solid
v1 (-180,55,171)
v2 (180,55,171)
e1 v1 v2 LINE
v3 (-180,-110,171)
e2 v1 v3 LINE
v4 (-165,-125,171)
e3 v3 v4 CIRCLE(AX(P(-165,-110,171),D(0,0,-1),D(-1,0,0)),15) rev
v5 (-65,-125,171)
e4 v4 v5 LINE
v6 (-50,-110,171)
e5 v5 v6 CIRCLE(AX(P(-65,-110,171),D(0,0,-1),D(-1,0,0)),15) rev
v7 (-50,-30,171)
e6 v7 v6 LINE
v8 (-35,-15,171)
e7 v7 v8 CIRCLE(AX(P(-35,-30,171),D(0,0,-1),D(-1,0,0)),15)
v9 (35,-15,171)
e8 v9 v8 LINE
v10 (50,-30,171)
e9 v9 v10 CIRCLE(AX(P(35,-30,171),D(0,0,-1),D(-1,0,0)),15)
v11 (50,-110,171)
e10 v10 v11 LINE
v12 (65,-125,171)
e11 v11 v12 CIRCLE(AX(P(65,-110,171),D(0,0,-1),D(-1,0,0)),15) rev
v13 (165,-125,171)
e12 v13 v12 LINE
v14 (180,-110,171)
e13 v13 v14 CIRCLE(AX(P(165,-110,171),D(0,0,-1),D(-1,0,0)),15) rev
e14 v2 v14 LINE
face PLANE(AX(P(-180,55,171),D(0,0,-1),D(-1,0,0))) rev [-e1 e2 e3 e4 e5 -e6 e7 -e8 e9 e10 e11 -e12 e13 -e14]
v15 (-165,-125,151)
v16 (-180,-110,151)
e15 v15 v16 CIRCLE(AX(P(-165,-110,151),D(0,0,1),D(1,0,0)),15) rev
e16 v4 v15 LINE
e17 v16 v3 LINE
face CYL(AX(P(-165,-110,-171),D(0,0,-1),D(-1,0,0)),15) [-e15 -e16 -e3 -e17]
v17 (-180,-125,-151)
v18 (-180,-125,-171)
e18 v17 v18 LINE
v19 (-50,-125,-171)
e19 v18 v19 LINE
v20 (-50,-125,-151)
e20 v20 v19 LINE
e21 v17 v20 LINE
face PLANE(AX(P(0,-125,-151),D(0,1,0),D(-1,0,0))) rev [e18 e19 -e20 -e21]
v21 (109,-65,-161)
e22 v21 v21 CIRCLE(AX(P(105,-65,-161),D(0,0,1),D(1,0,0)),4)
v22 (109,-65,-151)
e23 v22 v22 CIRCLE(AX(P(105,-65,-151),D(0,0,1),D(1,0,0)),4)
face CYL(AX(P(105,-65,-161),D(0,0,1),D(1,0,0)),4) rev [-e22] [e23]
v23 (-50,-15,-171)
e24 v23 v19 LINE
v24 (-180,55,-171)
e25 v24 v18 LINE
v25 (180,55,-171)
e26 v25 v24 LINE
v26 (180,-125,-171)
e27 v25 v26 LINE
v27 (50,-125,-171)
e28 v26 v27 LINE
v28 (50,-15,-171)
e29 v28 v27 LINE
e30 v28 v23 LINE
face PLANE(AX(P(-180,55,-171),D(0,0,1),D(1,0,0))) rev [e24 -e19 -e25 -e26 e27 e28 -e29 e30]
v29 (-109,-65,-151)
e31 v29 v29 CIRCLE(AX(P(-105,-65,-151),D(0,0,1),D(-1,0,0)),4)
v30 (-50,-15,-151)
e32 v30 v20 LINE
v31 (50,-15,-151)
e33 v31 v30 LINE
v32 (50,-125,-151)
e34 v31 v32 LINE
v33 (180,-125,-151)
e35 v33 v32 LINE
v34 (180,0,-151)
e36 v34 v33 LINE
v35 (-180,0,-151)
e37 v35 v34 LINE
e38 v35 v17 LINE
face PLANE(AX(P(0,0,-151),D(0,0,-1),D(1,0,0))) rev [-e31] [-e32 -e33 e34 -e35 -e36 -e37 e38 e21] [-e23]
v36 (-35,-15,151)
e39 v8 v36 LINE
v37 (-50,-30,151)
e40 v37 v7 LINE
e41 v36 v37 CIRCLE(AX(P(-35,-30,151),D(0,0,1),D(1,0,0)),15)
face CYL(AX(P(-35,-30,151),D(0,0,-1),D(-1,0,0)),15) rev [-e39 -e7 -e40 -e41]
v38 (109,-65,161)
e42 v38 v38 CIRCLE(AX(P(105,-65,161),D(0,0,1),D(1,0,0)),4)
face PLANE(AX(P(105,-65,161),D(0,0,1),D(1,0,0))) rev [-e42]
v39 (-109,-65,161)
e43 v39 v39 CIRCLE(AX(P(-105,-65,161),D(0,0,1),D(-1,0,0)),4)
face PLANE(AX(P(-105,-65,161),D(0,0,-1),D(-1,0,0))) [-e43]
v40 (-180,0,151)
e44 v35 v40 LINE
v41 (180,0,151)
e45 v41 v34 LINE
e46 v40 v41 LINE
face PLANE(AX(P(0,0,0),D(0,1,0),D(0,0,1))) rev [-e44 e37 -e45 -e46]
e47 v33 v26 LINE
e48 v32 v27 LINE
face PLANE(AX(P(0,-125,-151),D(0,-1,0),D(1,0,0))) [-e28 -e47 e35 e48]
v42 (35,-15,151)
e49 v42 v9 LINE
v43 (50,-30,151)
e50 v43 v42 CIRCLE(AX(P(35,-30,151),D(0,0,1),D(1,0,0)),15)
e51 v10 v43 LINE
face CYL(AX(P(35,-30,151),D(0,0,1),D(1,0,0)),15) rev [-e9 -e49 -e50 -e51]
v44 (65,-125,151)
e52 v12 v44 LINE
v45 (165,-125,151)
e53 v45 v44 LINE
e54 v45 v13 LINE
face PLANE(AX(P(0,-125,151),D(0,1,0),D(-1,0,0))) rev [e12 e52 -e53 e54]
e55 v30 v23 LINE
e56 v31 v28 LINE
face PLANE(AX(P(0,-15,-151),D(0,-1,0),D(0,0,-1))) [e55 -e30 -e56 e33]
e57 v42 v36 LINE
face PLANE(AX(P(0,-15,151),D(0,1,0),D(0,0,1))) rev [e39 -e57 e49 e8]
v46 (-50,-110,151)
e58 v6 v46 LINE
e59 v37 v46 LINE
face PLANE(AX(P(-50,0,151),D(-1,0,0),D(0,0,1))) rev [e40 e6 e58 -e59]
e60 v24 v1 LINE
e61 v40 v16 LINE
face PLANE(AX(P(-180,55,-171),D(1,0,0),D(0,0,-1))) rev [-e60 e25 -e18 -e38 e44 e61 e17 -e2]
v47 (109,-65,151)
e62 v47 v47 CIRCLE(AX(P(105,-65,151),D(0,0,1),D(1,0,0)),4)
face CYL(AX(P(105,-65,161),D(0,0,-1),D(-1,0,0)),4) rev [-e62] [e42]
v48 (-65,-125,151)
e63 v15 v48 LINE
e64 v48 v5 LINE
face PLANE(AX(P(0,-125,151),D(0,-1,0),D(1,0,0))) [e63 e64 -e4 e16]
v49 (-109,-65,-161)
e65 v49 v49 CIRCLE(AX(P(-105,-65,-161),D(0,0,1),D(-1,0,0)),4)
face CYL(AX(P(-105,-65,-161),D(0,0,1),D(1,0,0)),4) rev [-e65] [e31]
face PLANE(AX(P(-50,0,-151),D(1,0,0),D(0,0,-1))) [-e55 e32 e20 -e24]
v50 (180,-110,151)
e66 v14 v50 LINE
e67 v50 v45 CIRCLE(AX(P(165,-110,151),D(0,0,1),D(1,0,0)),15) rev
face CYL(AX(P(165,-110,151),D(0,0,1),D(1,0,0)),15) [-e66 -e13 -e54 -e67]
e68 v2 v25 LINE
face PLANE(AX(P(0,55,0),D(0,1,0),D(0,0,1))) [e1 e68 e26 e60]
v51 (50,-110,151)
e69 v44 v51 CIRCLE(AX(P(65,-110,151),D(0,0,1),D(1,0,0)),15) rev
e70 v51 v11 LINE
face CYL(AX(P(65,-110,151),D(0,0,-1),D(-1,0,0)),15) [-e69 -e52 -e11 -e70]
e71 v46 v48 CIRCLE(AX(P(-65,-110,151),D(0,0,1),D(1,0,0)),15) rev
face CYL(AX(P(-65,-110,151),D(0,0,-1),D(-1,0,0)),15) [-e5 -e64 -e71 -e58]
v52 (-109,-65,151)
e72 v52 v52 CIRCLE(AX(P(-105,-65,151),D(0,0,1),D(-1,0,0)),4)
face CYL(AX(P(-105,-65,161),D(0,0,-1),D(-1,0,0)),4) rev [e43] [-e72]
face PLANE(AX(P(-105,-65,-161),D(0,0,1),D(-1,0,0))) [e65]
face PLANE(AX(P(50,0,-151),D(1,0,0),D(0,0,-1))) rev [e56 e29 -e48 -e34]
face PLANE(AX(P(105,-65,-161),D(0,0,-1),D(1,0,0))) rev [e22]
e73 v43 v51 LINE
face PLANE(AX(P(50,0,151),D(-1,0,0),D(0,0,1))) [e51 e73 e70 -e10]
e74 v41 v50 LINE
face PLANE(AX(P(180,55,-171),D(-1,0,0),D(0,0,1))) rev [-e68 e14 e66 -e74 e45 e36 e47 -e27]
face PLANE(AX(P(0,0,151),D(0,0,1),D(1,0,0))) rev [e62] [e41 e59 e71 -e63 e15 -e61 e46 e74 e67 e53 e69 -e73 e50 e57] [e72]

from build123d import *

# Parameters (mm, degrees)
SKETCH1_W           = 360
SKETCH1_H           = 342
BOSS_EXTRUDE1_DEPTH = 55
BOSS_EXTRUDE2_DEPTH = 20
SKETCH4_R           = 4
CUT_EXTRUDE2_DEPTH  = 10
FILLET1_R           = 15


with BuildPart() as part:
    # Sketch1 → Boss-Extrude1 (new body)
    with BuildSketch(Plane(origin=(0, 0, 0), x_dir=(1, 0, 0), z_dir=(0, 1, 0))):
        Rectangle(SKETCH1_W, SKETCH1_H)
    extrude(amount=BOSS_EXTRUDE1_DEPTH)

    # Sketch2 → Boss-Extrude2 (add)
    with BuildSketch(Plane.XY.offset(171)):
        Polygon((180, 0), (0, 0), (0, -15), (50, -15), (50, -125), (180, -125), align=None)
        Polygon((0, 0), (-180, 0), (-180, -125), (-50, -125), (-50, -15), (0, -15), align=None)
    boss_extrude2 = extrude(amount=-BOSS_EXTRUDE2_DEPTH)

    # Sketch4 → Cut-Extrude2 (cut)
    with BuildSketch(Plane.XY.offset(151)):
        with Locations((105, -65)):
            Circle(SKETCH4_R)
        with Locations(Location((-105, -65, 0), (0, 0, 180))):
            Circle(SKETCH4_R)
    cut_extrude2 = extrude(amount=CUT_EXTRUDE2_DEPTH, mode=Mode.SUBTRACT)

    # Fillet1
    fillet1_edges = [part.edges().sort_by_distance(p)[0] for p in [
        (180, -125, 161),
        (50, -125, 161),
        (50, -15, 161),
        (-50, -15, 161),
        (-50, -125, 161),
        (-180, -125, 161),
    ]]
    fillet(fillet1_edges, radius=FILLET1_R)

    # Mirror1: Boss-Extrude2, Cut-Extrude2 across plane
    add(boss_extrude2.mirror(Plane.XY))
    add(cut_extrude2.mirror(Plane.XY), mode=Mode.SUBTRACT)


solid = part.part
